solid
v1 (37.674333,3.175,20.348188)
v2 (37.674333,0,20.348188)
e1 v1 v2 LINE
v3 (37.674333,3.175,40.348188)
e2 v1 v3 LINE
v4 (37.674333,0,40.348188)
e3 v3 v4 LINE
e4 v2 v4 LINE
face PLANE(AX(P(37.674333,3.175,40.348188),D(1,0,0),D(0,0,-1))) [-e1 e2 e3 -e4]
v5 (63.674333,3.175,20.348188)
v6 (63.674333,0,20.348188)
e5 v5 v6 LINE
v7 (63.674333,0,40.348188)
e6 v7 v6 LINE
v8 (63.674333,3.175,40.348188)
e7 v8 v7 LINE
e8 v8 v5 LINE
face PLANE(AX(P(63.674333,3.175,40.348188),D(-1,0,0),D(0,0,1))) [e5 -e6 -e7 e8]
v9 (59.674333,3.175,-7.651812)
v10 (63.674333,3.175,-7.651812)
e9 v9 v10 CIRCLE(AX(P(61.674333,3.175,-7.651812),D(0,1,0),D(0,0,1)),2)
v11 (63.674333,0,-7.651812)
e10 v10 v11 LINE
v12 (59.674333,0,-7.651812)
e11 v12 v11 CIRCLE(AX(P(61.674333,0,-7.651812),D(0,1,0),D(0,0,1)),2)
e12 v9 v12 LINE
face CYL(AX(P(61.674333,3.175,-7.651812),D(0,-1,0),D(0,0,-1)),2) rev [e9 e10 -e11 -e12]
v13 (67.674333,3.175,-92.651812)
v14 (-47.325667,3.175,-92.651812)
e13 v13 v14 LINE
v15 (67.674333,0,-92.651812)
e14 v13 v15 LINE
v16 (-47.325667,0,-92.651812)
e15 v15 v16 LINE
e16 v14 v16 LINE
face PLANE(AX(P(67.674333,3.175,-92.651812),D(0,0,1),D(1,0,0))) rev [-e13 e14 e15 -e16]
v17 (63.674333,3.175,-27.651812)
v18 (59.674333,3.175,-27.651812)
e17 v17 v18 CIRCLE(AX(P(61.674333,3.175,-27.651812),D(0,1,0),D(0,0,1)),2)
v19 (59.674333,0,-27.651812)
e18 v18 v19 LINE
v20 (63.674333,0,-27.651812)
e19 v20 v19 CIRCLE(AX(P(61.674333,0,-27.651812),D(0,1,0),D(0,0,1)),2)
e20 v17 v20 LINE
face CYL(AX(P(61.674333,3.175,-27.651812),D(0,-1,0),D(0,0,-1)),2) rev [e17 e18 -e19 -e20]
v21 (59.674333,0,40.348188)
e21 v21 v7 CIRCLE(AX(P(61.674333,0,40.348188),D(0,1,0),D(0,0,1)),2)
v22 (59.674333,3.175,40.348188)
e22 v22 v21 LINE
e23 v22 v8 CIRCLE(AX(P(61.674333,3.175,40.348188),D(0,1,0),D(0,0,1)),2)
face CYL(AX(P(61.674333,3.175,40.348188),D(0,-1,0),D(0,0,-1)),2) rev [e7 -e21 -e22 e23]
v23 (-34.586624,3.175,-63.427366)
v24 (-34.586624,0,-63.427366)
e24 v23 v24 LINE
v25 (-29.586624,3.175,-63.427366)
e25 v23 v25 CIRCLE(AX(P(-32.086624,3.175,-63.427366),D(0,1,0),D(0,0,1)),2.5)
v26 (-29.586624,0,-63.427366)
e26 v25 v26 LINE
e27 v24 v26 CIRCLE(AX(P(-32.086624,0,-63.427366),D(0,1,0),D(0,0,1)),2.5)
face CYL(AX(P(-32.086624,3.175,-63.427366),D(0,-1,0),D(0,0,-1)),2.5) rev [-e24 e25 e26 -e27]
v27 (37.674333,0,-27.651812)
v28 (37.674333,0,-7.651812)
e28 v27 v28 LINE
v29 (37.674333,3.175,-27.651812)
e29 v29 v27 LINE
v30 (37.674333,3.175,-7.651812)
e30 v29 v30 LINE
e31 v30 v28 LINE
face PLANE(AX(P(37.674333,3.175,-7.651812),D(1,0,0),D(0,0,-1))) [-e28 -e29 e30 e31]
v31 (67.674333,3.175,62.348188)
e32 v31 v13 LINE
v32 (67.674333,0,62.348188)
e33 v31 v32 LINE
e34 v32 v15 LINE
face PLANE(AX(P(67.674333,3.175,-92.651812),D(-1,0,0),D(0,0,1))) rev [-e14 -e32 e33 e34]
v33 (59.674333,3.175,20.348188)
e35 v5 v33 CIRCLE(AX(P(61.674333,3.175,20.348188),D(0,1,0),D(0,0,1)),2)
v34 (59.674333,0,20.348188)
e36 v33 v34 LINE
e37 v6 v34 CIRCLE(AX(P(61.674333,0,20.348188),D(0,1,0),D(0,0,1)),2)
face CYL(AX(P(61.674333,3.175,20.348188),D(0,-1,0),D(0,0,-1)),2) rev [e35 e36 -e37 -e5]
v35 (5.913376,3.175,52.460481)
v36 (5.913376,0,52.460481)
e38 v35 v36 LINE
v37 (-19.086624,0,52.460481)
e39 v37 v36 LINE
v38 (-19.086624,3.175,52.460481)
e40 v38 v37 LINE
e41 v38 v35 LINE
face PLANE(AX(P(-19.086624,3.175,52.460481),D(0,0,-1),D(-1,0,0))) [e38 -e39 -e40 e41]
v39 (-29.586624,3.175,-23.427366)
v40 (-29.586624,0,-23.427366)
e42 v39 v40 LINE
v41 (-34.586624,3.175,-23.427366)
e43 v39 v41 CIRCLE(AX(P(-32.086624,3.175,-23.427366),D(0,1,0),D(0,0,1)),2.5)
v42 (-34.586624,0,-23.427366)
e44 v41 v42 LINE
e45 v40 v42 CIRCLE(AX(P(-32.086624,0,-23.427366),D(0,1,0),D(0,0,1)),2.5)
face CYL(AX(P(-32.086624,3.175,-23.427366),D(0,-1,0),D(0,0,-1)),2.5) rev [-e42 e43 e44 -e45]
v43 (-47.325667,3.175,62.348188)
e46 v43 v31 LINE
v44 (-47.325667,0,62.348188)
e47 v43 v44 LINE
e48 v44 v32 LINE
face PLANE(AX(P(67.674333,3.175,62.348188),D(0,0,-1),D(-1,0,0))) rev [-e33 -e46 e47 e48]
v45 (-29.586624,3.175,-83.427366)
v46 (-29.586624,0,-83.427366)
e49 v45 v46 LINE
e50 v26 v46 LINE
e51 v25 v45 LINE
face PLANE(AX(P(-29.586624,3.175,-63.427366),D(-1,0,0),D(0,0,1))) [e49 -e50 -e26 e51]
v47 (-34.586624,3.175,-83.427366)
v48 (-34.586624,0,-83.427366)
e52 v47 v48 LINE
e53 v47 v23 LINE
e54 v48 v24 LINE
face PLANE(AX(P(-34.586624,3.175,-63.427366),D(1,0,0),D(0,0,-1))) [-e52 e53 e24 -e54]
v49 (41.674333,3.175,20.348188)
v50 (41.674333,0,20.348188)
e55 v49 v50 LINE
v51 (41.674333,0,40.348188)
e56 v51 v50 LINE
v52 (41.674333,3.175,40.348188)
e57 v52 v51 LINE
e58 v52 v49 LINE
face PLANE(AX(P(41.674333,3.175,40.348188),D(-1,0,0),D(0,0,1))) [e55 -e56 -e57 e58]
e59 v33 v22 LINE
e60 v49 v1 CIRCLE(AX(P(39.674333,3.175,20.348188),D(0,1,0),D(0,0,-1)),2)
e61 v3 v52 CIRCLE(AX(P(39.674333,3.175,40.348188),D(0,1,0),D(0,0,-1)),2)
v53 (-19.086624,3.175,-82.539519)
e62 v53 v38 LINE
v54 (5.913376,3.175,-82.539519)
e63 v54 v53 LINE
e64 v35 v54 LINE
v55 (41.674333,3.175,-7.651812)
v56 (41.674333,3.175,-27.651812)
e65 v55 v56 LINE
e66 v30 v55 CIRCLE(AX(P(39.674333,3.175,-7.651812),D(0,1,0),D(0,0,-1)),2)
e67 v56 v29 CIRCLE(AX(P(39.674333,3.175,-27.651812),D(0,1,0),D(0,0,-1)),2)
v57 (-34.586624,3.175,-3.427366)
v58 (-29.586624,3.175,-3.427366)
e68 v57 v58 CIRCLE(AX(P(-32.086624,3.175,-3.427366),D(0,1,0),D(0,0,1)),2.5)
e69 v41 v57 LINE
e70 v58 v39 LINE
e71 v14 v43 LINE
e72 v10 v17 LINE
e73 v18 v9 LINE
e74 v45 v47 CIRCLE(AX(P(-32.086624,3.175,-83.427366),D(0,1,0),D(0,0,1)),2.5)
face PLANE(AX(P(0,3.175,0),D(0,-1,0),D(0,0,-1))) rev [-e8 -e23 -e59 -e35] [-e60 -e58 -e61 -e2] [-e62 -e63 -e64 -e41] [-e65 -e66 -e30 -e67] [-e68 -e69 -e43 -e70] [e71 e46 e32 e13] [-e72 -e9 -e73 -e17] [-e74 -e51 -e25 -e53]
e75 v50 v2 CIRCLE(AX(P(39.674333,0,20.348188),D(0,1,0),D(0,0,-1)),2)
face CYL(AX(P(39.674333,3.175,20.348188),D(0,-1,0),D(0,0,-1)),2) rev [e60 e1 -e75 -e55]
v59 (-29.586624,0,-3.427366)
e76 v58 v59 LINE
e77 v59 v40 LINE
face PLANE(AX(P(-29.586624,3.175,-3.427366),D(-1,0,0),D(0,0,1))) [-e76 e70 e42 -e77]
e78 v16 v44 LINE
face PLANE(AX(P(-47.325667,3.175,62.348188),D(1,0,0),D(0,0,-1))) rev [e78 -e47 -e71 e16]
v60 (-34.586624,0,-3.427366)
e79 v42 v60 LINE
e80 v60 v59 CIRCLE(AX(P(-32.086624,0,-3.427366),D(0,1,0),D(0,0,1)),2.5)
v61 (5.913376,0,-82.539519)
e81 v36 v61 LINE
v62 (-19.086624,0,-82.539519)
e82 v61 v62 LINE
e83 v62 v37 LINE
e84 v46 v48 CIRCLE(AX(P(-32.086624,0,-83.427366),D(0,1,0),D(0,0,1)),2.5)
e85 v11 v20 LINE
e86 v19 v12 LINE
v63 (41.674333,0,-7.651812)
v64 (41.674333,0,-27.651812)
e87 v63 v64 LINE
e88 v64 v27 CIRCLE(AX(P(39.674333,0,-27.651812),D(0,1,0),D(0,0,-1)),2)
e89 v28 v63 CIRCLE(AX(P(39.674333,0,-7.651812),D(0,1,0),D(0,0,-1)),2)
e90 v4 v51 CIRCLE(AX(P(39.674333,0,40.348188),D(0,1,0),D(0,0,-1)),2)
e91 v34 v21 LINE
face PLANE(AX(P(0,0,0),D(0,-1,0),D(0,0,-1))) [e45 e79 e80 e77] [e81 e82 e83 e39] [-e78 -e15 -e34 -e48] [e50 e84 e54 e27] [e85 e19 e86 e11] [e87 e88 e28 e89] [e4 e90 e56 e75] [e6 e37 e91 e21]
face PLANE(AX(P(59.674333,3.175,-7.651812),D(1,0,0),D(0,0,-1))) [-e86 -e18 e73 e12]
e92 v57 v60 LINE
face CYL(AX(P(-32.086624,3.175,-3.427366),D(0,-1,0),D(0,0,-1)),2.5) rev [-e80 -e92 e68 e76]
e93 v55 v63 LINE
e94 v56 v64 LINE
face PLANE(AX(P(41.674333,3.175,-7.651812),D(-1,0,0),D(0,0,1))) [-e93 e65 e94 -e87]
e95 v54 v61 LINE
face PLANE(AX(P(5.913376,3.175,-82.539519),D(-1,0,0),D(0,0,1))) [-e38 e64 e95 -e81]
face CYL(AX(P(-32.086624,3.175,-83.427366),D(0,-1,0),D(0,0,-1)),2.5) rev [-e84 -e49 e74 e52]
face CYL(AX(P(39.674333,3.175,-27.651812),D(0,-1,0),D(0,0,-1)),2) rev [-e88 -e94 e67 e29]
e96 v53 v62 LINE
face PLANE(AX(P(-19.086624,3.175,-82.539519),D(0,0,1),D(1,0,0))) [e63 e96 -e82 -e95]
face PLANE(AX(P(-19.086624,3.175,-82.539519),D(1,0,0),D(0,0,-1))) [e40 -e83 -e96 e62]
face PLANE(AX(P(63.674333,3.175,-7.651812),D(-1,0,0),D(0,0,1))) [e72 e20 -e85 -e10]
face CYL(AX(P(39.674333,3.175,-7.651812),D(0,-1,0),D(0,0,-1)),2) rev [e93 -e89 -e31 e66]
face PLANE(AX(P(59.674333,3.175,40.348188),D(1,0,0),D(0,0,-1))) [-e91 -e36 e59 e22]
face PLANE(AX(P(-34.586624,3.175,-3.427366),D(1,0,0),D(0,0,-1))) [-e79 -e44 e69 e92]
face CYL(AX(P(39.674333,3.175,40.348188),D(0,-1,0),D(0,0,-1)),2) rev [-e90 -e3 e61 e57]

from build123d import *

# Parameters (mm, degrees)
SKETCH1_W           = 25
SKETCH1_H           = 135
BOSS_EXTRUDE1_DEPTH = 3.175


with BuildPart() as part:
    # Sketch1 → Boss-Extrude1 (new body)
    with BuildSketch(Plane(origin=(0, 0, 0), x_dir=(1, 0, 0), z_dir=(0, 1, 0))):
        Polygon((67.674333466, 92.651811553), (67.674333466, -62.348188447), (-47.325666534, -62.348188447), (-47.325666534, -27.044565342), (-47.325666534, 92.651811553), align=None)
        with Locations((-6.586624165, 15.039519235)):
            Rectangle(SKETCH1_W, SKETCH1_H, mode=Mode.SUBTRACT)
        with BuildLine():
            Line((-34.586624165, 63.427366475), (-34.586624165, 83.427366475))
            ThreePointArc((-34.586624165, 83.427366475), (-32.086624165, 85.927366475), (-29.586624165, 83.427366475))
            Line((-29.586624165, 83.427366475), (-29.586624165, 63.427366475))
            ThreePointArc((-29.586624165, 63.427366475), (-32.086624165, 60.927366475), (-34.586624165, 63.427366475))
        make_face(mode=Mode.SUBTRACT)
        with BuildLine():
            Line((-34.586624165, 3.427366475), (-34.586624165, 23.427366475))
            ThreePointArc((-34.586624165, 23.427366475), (-32.086624165, 25.927366475), (-29.586624165, 23.427366475))
            Line((-29.586624165, 23.427366475), (-29.586624165, 3.427366475))
            ThreePointArc((-29.586624165, 3.427366475), (-32.086624165, 0.927366475), (-34.586624165, 3.427366475))
        make_face(mode=Mode.SUBTRACT)
        with BuildLine():
            Line((59.674333466, 7.651811553), (59.674333466, 27.651811553))
            ThreePointArc((59.674333466, 27.651811553), (61.674333466, 29.651811553), (63.674333466, 27.651811553))
            Line((63.674333466, 27.651811553), (63.674333466, 7.651811553))
            ThreePointArc((63.674333466, 7.651811553), (61.674333466, 5.651811553), (59.674333466, 7.651811553))
        make_face(mode=Mode.SUBTRACT)
        with BuildLine():
            Line((59.674333466, -40.348188447), (59.674333466, -20.348188447))
            ThreePointArc((59.674333466, -20.348188447), (61.674333466, -18.348188447), (63.674333466, -20.348188447))
            Line((63.674333466, -20.348188447), (63.674333466, -40.348188447))
            ThreePointArc((63.674333466, -40.348188447), (61.674333466, -42.348188447), (59.674333466, -40.348188447))
        make_face(mode=Mode.SUBTRACT)
        with BuildLine():
            Line((41.674333466, 7.651811553), (41.674333466, 27.651811553))
            ThreePointArc((41.674333466, 27.651811553), (39.674333466, 29.651811553), (37.674333466, 27.651811553))
            Line((37.674333466, 27.651811553), (37.674333466, 7.651811553))
            ThreePointArc((37.674333466, 7.651811553), (39.674333466, 5.651811553), (41.674333466, 7.651811553))
        make_face(mode=Mode.SUBTRACT)
        with BuildLine():
            Line((41.674333466, -40.348188447), (41.674333466, -20.348188447))
            ThreePointArc((41.674333466, -20.348188447), (39.674333466, -18.348188447), (37.674333466, -20.348188447))
            Line((37.674333466, -20.348188447), (37.674333466, -40.348188447))
            ThreePointArc((37.674333466, -40.348188447), (39.674333466, -42.348188447), (41.674333466, -40.348188447))
        make_face(mode=Mode.SUBTRACT)
    extrude(amount=BOSS_EXTRUDE1_DEPTH)


solid = part.part
